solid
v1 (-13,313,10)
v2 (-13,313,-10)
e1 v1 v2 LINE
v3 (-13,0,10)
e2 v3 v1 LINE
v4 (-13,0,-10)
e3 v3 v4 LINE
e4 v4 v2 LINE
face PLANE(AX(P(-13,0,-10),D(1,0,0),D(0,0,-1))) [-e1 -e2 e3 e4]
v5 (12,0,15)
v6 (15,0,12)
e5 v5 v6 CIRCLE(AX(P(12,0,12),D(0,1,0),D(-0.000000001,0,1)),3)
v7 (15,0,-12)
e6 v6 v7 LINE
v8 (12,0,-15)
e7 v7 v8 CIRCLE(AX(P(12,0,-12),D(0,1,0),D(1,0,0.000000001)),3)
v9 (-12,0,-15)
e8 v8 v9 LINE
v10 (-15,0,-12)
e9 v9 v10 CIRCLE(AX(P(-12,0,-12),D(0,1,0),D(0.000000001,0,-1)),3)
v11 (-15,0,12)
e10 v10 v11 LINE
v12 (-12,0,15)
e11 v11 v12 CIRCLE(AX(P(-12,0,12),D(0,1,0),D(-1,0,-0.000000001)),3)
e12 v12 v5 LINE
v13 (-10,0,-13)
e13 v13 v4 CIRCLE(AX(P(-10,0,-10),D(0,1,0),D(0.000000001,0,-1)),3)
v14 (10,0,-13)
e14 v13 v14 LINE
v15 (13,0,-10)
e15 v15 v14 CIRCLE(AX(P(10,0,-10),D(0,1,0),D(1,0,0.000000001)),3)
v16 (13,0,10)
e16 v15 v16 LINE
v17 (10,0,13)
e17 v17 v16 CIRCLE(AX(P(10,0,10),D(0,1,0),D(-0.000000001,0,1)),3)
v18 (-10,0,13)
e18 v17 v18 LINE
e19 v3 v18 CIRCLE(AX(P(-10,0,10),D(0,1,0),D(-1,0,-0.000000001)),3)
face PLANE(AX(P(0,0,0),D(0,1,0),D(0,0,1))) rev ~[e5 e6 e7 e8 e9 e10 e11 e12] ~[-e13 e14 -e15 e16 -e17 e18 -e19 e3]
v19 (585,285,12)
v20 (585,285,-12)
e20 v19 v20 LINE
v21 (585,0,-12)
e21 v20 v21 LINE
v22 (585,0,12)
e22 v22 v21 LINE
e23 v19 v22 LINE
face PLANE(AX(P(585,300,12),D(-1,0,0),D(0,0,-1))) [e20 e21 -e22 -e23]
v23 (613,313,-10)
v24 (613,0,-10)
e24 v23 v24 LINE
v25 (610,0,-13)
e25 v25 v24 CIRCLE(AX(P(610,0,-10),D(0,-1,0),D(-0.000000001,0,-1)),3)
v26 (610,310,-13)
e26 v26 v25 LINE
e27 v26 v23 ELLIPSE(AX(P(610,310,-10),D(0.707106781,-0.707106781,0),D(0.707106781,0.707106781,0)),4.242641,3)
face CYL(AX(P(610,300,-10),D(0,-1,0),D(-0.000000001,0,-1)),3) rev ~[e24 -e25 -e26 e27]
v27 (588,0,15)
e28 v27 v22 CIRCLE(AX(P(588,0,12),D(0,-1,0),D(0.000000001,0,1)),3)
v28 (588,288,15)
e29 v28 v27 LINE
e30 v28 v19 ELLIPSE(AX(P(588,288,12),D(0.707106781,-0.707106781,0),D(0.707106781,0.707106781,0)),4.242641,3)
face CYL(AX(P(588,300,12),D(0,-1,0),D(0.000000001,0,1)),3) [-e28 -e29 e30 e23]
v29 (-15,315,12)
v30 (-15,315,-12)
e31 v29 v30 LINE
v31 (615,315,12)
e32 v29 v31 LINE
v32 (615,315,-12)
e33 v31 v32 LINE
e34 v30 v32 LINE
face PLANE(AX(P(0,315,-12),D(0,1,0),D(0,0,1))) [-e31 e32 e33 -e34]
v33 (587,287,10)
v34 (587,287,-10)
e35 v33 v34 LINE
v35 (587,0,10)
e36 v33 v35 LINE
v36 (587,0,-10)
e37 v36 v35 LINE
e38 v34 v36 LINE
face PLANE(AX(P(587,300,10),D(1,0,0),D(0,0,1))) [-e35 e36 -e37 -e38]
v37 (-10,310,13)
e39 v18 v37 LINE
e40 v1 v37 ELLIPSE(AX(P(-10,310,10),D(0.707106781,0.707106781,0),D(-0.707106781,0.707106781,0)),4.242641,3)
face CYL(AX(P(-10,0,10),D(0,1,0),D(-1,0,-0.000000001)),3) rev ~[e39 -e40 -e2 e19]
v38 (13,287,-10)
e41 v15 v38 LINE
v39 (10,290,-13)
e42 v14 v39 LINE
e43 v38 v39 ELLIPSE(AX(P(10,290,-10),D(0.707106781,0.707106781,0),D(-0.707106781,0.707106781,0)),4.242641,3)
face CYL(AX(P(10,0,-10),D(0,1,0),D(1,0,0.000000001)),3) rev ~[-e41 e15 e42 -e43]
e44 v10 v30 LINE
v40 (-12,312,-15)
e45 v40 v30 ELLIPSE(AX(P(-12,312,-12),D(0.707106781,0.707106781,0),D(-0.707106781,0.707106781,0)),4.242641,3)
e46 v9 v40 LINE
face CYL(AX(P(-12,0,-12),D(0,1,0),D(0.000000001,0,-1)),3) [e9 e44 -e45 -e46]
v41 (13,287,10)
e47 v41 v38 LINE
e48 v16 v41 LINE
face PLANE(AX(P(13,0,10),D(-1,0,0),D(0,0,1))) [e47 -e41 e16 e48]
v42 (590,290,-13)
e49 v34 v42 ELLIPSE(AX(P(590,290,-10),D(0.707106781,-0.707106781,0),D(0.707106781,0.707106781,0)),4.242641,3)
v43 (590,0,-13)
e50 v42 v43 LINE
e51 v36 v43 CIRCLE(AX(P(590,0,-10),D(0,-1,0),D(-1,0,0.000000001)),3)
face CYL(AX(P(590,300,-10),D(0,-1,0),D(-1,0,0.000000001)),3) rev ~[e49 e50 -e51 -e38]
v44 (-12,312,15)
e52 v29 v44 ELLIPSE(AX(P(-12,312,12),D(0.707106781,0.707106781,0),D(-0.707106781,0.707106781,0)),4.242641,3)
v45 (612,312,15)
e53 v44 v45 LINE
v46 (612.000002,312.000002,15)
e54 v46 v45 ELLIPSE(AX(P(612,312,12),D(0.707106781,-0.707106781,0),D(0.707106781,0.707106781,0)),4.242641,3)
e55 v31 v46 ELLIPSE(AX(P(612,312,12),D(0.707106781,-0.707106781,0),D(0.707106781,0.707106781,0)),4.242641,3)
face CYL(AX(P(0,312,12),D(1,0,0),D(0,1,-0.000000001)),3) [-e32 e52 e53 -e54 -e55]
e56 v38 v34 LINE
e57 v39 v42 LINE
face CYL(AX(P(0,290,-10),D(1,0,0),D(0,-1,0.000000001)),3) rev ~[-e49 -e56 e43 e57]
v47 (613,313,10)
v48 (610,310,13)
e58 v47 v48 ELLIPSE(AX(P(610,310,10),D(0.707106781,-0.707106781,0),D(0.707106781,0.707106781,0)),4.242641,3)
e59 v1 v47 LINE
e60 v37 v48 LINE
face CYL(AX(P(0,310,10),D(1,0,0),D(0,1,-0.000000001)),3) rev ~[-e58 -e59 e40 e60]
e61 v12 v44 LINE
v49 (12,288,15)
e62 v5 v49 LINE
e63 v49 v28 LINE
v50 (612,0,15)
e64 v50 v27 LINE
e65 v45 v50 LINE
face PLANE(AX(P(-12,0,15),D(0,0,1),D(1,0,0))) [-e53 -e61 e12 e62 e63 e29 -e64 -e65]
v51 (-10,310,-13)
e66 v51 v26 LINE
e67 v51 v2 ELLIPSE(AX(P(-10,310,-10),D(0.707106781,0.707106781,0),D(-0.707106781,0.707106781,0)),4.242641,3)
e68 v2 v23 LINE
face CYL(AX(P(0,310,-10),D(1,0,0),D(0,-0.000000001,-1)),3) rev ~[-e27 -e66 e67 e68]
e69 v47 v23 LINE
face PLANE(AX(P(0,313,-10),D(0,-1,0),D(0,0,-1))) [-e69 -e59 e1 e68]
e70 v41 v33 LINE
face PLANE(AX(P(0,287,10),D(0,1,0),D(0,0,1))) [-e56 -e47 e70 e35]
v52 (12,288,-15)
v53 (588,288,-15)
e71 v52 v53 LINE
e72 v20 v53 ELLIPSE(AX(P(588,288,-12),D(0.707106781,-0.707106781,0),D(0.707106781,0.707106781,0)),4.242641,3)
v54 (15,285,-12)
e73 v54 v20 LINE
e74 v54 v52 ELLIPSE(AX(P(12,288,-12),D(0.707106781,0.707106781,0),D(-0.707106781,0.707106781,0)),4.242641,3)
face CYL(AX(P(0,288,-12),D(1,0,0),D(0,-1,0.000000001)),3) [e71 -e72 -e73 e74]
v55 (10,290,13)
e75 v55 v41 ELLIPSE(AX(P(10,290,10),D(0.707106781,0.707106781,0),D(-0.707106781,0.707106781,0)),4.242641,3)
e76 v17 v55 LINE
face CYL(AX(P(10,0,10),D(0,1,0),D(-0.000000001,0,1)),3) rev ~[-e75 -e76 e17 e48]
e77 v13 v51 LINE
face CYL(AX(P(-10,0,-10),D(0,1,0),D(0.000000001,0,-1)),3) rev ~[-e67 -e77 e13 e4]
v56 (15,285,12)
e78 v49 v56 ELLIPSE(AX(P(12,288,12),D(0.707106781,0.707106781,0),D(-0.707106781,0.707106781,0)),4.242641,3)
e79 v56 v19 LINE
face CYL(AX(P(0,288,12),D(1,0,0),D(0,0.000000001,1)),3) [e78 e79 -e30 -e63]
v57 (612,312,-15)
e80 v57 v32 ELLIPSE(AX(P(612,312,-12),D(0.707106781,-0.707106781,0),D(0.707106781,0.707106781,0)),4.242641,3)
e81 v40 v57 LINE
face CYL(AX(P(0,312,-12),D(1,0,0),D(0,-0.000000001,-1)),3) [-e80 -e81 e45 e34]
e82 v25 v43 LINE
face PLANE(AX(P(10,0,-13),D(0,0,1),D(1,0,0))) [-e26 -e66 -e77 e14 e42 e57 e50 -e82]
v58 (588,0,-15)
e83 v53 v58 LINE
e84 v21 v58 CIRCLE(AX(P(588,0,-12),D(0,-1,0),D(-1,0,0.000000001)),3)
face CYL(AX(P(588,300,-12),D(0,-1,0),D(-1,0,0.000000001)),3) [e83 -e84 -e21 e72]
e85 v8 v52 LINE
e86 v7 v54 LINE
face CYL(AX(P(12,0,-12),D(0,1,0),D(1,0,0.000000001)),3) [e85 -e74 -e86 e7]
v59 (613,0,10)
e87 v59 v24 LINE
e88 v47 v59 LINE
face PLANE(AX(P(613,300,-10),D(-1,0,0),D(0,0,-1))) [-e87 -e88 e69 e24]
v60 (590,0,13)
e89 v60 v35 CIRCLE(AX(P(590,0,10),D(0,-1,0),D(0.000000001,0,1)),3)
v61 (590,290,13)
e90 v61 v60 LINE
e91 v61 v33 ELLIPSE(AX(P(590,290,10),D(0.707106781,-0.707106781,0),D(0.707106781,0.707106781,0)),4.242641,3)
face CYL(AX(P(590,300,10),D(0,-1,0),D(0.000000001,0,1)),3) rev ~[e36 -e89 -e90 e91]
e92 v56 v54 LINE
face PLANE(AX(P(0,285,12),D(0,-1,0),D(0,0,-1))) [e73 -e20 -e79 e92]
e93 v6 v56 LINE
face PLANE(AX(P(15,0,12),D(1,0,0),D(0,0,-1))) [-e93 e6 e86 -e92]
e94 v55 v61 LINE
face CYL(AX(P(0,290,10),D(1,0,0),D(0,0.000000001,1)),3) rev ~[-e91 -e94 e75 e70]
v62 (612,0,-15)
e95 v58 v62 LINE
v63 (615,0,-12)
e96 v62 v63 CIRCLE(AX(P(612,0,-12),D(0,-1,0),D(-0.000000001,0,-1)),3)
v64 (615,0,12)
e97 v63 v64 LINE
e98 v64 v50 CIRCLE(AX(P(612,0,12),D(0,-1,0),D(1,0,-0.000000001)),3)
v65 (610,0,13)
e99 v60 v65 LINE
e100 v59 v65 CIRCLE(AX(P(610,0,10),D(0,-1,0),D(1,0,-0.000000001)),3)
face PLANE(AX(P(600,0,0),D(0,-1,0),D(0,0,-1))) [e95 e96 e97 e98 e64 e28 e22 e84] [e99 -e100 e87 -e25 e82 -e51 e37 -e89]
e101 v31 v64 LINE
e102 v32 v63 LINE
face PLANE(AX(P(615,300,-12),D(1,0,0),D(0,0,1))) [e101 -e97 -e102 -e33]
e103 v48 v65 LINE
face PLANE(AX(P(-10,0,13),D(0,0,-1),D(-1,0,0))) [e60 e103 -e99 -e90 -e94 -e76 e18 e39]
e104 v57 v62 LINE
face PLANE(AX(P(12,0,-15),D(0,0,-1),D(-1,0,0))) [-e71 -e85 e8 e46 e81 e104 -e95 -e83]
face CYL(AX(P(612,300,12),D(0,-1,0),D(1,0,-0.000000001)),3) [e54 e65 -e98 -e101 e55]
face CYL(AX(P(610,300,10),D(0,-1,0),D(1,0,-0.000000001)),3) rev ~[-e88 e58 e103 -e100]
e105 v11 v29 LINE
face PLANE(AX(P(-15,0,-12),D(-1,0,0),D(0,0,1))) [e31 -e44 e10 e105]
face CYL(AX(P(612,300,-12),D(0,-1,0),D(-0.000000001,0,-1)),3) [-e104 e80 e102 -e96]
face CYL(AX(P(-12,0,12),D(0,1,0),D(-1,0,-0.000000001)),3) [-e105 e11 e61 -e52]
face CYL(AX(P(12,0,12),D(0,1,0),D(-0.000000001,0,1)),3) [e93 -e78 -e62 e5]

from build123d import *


with BuildPart() as part:
    # Balayage1: sweep along a path in Esquisse1
    with BuildLine(Plane.XY) as balayage1_path:
        Line((0, 0), (0, 300))
        Line((0, 300), (600, 300))
        Line((600, 300), (600, 0))
    # Esquisse2 → Balayage1 (sweep)
    with BuildSketch(Plane(origin=(0, 0, 0), x_dir=(1, 0, 0), z_dir=(0, 1, 0))):
        with BuildLine():
            Line((-12, -15), (12, -15))
            ThreePointArc((12, -15), (14.121320344, -14.121320344), (15, -12))
            Line((15, -12), (15, 12))
            ThreePointArc((15, 12), (14.121320344, 14.121320344), (12, 15))
            Line((12, 15), (-12, 15))
            ThreePointArc((-12, 15), (-14.121320344, 14.121320344), (-15, 12))
            Line((-15, 12), (-15, -12))
            ThreePointArc((-15, -12), (-14.121320344, -14.121320344), (-12, -15))
        make_face()
        with BuildLine():
            Line((-10, -13), (10, -13))
            ThreePointArc((10, -13), (12.121320344, -12.121320344), (13, -10))
            Line((13, -10), (13, 10))
            ThreePointArc((13, 10), (12.121320344, 12.121320344), (10, 13))
            Line((10, 13), (-10, 13))
            ThreePointArc((-10, 13), (-12.121320344, 12.121320344), (-13, 10))
            Line((-13, 10), (-13, -10))
            ThreePointArc((-13, -10), (-12.121320344, -12.121320344), (-10, -13))
        make_face(mode=Mode.SUBTRACT)
    sweep(path=balayage1_path.line, transition=Transition.RIGHT)


solid = part.part
